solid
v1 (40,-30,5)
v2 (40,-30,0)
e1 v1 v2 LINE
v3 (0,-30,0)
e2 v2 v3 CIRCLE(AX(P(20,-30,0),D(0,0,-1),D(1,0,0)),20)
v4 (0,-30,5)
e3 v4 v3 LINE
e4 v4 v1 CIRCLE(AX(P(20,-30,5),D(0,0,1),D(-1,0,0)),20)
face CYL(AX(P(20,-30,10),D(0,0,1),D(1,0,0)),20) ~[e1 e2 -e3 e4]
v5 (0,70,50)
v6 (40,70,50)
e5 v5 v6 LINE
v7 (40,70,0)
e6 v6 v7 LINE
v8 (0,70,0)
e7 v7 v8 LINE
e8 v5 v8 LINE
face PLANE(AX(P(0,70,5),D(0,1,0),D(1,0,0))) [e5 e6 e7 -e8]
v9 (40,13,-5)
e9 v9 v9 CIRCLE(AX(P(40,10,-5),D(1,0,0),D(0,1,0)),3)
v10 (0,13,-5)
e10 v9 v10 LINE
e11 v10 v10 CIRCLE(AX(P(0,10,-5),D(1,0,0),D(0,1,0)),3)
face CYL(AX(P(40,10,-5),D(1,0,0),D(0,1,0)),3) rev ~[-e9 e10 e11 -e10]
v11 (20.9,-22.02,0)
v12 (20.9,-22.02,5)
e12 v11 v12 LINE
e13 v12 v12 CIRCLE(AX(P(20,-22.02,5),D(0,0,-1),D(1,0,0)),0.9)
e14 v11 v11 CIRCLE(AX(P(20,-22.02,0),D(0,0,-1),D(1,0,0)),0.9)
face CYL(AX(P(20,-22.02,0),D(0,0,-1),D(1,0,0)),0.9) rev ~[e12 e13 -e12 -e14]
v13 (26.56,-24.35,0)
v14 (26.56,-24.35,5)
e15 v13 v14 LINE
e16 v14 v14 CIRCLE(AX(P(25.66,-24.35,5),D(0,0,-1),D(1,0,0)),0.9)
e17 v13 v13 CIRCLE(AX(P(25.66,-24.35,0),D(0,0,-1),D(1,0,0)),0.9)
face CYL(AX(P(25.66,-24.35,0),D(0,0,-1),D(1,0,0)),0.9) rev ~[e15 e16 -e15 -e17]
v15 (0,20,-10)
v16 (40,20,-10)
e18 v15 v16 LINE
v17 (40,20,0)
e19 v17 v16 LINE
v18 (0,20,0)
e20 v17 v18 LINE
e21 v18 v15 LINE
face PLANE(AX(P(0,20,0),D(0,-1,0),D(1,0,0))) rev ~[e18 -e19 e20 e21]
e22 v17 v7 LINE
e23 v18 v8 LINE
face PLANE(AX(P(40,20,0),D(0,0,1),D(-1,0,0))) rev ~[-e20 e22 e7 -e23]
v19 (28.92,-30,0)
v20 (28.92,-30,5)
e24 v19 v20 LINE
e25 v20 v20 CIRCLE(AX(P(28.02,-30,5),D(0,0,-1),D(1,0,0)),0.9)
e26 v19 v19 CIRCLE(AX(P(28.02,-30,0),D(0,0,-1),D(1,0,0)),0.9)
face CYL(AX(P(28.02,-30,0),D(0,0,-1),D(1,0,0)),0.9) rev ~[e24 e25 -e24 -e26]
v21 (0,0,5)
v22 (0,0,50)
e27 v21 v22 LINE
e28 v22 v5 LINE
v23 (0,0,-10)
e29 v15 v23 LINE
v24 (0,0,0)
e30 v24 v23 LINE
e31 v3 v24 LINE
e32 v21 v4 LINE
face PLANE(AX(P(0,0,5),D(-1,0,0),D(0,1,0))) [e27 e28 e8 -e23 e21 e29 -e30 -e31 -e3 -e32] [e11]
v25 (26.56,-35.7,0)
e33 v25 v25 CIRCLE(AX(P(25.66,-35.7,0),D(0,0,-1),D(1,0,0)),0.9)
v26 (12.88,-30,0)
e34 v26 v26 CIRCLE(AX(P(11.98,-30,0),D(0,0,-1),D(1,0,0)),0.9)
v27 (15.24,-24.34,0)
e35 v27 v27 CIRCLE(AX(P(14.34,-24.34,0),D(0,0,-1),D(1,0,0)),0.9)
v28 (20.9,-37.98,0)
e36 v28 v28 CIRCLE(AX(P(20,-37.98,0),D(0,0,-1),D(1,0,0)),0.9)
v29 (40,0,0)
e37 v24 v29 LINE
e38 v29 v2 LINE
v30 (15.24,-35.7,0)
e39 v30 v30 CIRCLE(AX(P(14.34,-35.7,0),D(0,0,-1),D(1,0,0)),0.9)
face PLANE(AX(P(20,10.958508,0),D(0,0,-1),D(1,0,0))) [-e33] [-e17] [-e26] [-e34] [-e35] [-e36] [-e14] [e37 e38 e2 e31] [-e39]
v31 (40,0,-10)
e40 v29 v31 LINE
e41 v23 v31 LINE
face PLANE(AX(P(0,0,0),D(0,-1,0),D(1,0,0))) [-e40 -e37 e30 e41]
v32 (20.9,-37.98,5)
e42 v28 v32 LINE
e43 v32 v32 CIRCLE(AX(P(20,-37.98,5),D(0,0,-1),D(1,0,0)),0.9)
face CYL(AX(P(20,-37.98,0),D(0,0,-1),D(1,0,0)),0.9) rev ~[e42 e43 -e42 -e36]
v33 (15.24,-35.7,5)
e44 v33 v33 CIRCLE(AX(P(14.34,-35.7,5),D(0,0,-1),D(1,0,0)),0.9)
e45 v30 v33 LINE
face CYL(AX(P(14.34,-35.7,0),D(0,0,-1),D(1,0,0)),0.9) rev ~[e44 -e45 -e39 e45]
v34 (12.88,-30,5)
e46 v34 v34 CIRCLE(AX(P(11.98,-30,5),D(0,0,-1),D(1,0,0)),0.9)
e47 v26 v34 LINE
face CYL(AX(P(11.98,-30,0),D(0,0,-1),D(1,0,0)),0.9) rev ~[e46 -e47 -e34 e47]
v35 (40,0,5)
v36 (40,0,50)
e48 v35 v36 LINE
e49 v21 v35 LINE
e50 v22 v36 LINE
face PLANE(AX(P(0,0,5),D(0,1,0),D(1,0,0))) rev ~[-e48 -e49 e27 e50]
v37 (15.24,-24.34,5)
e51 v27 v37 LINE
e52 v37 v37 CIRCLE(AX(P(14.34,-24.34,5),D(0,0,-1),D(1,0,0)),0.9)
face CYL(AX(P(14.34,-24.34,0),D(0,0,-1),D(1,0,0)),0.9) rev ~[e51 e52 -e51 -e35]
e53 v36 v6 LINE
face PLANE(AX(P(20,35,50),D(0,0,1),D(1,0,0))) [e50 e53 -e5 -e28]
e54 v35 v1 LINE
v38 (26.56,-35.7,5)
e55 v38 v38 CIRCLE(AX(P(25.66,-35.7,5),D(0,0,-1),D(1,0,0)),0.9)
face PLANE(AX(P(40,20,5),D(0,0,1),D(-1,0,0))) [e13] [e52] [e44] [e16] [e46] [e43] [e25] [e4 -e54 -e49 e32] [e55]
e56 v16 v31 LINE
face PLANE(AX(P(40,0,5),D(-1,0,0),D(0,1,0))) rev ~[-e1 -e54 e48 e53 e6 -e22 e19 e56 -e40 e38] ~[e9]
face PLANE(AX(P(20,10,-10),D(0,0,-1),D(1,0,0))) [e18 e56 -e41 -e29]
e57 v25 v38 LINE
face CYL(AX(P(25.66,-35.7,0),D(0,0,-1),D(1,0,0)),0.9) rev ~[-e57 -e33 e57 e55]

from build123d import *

# Parameters (mm, degrees)
SKETCH_W        = 29
SKETCH_H        = 47
PAD_DEPTH       = 40
SKETCH001_R     = 9.75
PAD001_DEPTH    = 10
SKETCH002_W     = 56
SKETCH002_H     = 6
POCKET_DEPTH    = 100
POCKET001_DEPTH = 5
SKETCH005_R     = 0.9
POCKET002_DEPTH = 5
SKETCH006_W     = 40
SKETCH006_H     = 20
PAD002_DEPTH    = 10
SKETCH007_R     = 3
HOLE_DEPTH      = 50
SKETCH008_W     = 40
SKETCH008_H     = 45
POCKET003_DEPTH = 68.991653
SKETCH009_W     = 40
SKETCH009_H     = 5
PAD003_DEPTH    = 50
SKETCH010_W     = 40
SKETCH010_H     = 70
PAD004_DEPTH    = 45


with BuildPart() as part:
    # Sketch → Pad (new body)
    with BuildSketch(Plane.XY.offset(10)):
        with BuildLine():
            Line((0, 0), (40, 0))
            Line((40, 0), (40, 60))
            ThreePointArc((40, 60), (20, 68.990653), (0, 60))
            Line((0, 60), (0, 0))
        make_face()
        with Locations((20, 30)):
            Rectangle(SKETCH_W, SKETCH_H, mode=Mode.SUBTRACT)
    extrude(amount=PAD_DEPTH)

    # Sketch001 (on Face9 of Pad) → Pad001 (join)
    with BuildSketch(Plane(origin=(0, 0, 10), x_dir=(1, 0, 0), z_dir=(0, 0, -1))):
        with BuildLine():
            Line((40, -60), (40, 30))
            ThreePointArc((40, 30), (20, 50), (0, 30))
            Line((0, 30), (0, -60))
            ThreePointArc((0, -60), (20, -68.990653), (40, -60))
        make_face()
        with Locations((20, -42.25)):
            Circle(SKETCH001_R, mode=Mode.SUBTRACT)
    extrude(amount=PAD001_DEPTH)

    # Sketch002 (on Face7 of Pad001) → Pocket (cut)
    with BuildSketch(Plane(origin=(0, 0, 0), x_dir=(0, -1, 0), z_dir=(-1, 0, 0))):
        with Locations((-48, 3)):
            Rectangle(SKETCH002_W, SKETCH002_H)
    extrude(amount=-POCKET_DEPTH, mode=Mode.SUBTRACT)

    # Sketch003 (on Face4 of Pocket) → Pocket001 (cut)
    with BuildSketch(Plane.XY.offset(10)):
        with BuildLine():
            Line((0, 0), (40, 0))
            Line((40, 0), (40, -30))
            ThreePointArc((0, -30), (20, -50), (40, -30))
            Line((0, -30), (0, 0))
        make_face()
    extrude(amount=-POCKET001_DEPTH, mode=Mode.SUBTRACT)

    # Sketch005 → Pocket002 (cut)
    with BuildSketch(Plane(origin=(0, 0, 0), x_dir=(1, 0, 0), z_dir=(0, 0, -1))):
        with Locations((11.98, 30)):
            Circle(SKETCH005_R)
        with Locations((14.34, 35.7)):
            Circle(SKETCH005_R)
        with Locations((20, 37.98)):
            Circle(SKETCH005_R)
        with Locations((25.66, 35.7)):
            Circle(SKETCH005_R)
        with Locations((28.02, 30)):
            Circle(SKETCH005_R)
        with Locations((25.66, 24.35)):
            Circle(SKETCH005_R)
        with Locations((20, 22.02)):
            Circle(SKETCH005_R)
        with Locations((14.34, 24.34)):
            Circle(SKETCH005_R)
    extrude(amount=-POCKET002_DEPTH, mode=Mode.SUBTRACT)

    # Sketch006 (on Face17 of Pocket002) → Pad002 (join)
    with BuildSketch(Plane(origin=(0, 0, 0), x_dir=(1, 0, 0), z_dir=(0, 0, -1))):
        with Locations((20, -10)):
            Rectangle(SKETCH006_W, SKETCH006_H)
    extrude(amount=PAD002_DEPTH)

    # Sketch007 → Hole (cut)
    with BuildSketch(Plane.YZ.offset(40)):
        with Locations((10, -5)):
            Circle(SKETCH007_R)
    extrude(amount=-HOLE_DEPTH, mode=Mode.SUBTRACT)

    # Sketch008 (on Face1 of Hole) → Pocket003 (cut, through all)
    with BuildSketch(Plane.XZ):
        with Locations((20, 27.5)):
            Rectangle(SKETCH008_W, SKETCH008_H)
    extrude(amount=-POCKET003_DEPTH, mode=Mode.SUBTRACT)

    # Sketch009 (on Face14 of Pocket003) → Pad003 (join)
    with BuildSketch(Plane(origin=(0, 20, 0), x_dir=(-1, 0, 0), z_dir=(0, 1, 0))):
        with Locations((-20, 2.5)):
            Rectangle(SKETCH009_W, SKETCH009_H)
    extrude(amount=PAD003_DEPTH)

    # Sketch010 (on Face2 of Pad003) → Pad004 (join)
    with BuildSketch(Plane.XY.offset(5)):
        with Locations((20, 35)):
            Rectangle(SKETCH010_W, SKETCH010_H)
    extrude(amount=PAD004_DEPTH)


solid = part.part
